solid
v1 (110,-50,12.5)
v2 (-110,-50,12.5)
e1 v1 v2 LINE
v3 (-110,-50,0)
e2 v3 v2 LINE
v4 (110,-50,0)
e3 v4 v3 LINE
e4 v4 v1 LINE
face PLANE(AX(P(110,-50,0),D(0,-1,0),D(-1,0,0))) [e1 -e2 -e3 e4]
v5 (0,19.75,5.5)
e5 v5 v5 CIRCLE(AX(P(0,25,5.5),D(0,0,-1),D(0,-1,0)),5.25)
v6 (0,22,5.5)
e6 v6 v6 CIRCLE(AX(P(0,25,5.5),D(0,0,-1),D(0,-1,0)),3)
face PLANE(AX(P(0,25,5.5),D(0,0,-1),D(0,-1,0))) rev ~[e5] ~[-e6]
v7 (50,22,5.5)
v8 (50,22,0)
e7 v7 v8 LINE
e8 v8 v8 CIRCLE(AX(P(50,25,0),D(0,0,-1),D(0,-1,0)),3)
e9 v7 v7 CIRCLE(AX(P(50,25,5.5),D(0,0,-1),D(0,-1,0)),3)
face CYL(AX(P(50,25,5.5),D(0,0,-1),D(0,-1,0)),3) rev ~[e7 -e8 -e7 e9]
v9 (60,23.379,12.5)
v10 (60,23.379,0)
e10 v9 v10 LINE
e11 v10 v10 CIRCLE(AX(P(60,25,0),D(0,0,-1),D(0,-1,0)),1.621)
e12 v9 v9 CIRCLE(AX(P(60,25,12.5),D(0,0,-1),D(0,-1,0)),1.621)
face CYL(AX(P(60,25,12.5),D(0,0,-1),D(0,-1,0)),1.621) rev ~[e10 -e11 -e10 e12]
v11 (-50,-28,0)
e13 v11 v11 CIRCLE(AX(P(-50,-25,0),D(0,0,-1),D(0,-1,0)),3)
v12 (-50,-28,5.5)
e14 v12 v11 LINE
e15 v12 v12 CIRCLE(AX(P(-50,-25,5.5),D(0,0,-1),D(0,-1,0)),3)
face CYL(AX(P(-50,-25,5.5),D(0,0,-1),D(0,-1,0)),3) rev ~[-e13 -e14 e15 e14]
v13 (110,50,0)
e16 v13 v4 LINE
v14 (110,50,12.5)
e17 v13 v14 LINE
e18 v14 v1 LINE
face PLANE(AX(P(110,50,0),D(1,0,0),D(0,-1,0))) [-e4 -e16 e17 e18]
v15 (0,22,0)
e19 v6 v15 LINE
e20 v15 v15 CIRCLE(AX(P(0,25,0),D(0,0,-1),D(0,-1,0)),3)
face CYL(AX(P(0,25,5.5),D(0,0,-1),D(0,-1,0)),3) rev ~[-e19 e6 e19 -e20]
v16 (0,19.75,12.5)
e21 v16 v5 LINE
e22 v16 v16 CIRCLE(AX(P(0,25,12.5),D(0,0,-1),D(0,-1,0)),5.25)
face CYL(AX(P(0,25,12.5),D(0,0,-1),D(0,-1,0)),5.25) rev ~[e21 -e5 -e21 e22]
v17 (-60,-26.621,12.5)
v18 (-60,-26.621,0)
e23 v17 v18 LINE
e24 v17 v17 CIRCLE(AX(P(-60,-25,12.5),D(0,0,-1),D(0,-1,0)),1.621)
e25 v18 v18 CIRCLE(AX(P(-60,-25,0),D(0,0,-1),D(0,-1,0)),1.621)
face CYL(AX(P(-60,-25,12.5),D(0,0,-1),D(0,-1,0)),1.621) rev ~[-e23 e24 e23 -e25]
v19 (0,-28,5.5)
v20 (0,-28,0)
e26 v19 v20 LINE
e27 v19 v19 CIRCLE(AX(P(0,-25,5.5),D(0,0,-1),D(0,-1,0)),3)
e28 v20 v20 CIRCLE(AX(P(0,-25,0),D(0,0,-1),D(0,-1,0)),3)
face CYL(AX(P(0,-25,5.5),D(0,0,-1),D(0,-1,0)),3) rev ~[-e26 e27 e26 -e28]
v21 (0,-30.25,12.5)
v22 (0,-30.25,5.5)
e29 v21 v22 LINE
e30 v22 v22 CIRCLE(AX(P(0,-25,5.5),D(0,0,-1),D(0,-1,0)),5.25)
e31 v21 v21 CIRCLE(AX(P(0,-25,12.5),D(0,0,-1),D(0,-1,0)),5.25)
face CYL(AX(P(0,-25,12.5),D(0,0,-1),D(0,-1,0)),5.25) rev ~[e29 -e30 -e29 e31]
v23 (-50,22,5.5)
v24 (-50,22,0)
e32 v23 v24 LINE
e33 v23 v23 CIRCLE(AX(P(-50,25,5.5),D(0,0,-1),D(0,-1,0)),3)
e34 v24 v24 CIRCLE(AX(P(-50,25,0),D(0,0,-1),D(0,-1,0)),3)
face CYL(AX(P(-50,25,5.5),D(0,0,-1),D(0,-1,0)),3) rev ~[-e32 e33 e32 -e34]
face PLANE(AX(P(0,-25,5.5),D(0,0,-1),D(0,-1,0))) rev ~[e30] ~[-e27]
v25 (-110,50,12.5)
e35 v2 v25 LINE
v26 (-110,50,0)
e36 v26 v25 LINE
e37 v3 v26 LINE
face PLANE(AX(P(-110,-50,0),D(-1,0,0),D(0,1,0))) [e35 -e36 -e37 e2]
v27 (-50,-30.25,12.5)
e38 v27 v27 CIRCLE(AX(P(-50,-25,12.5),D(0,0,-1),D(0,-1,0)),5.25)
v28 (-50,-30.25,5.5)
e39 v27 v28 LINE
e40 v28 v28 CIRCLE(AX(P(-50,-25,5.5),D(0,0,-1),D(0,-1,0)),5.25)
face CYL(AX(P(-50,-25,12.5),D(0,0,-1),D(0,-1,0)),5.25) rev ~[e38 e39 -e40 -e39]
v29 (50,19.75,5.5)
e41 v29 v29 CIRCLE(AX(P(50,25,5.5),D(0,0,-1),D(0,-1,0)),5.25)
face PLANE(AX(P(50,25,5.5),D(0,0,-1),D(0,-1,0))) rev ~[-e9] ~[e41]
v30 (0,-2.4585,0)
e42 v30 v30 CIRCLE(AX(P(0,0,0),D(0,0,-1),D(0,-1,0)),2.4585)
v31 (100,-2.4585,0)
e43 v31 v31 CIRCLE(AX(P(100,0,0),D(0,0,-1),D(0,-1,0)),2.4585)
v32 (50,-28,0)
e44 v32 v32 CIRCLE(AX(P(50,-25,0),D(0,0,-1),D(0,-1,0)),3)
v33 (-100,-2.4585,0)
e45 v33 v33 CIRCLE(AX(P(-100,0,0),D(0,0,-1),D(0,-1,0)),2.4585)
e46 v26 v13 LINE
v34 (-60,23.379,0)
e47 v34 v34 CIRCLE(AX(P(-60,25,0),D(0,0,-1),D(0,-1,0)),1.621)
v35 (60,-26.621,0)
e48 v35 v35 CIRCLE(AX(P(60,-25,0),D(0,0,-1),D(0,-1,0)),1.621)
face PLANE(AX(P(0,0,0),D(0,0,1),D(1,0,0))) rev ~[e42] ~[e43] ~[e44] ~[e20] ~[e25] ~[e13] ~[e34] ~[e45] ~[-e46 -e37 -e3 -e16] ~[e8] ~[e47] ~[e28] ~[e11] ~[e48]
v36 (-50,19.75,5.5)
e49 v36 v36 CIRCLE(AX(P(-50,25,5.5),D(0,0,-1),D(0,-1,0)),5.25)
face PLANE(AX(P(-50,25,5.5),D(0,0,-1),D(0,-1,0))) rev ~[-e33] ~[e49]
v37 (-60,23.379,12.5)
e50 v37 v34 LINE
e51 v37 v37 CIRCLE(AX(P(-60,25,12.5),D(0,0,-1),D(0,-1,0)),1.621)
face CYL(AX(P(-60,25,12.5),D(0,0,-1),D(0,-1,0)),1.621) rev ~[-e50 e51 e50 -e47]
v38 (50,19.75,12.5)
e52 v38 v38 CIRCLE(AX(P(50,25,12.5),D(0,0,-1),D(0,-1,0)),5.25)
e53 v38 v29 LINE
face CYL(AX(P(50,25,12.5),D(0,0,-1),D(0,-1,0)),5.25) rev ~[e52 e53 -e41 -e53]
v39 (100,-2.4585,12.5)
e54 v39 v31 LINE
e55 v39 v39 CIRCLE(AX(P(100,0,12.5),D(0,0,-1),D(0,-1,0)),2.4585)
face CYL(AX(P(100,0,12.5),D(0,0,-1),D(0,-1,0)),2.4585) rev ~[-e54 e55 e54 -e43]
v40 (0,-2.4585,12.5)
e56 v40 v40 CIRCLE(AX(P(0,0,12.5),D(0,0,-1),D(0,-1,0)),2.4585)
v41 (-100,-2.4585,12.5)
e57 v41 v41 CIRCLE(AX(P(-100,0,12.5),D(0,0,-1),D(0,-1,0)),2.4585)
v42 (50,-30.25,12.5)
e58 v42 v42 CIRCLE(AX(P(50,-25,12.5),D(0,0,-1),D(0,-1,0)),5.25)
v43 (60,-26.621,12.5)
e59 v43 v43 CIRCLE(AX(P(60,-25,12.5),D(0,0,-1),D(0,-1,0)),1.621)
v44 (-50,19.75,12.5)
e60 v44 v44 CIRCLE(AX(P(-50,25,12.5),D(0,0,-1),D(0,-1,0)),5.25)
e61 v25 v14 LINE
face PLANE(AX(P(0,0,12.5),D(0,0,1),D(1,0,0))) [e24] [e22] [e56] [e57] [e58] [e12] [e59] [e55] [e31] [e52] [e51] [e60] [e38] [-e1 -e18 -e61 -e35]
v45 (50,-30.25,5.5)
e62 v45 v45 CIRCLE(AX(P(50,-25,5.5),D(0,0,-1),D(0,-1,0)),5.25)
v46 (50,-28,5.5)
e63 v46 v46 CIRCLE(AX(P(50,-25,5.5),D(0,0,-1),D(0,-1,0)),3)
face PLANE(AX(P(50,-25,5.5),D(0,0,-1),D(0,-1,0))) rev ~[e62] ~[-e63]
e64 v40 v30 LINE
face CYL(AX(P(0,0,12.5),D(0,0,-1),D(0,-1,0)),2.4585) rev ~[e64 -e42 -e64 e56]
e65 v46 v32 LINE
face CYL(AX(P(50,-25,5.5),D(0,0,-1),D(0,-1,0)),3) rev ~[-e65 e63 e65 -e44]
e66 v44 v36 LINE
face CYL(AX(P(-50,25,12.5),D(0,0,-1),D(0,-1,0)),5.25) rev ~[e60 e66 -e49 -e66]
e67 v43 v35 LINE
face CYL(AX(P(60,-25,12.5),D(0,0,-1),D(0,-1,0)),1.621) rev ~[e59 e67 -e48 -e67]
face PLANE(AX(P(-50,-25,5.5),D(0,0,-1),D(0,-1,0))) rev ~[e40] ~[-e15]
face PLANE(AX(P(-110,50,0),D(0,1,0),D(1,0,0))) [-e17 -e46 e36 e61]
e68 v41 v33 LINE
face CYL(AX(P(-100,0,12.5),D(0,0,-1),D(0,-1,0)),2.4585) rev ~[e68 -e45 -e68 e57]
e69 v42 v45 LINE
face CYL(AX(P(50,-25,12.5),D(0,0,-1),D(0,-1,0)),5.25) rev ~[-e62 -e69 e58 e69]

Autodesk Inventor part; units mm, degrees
ref_plane "YZ Plane" through (0, 0, 0) normal (1, 0, 0) x (0, 1, 0)
ref_plane "XZ Plane" through (0, 0, 0) normal (0, 1, 0) x (-1, 0, 0)
ref_plane "XY Plane" through (0, 0, 0) normal (0, 0, 1) x (1, 0, 0)
sketch "Sketch1" plane through (0, 0, 0) normal (0, 0, 1) x (1, 0, 0)
  line L0 (0, 70) -> (0, -70) construction
  line L1 (-154, 0) -> (154, 0) construction
  line L2 (-110, 50) -> (110, 50)
  line L3 (110, 50) -> (110, -50)
  line L4 (110, -50) -> (-110, -50)
  line L5 (-110, -50) -> (-110, 50)
  point P0 (0, 0)
  dimension "d0" = 100
  dimension "d1" = 220
  dimension "d2" = 110
extrude "Extrusion1" add sketch "Sketch1" along normal blind 12.5
sketch "Sketch2" plane through (0, 0, 12.5) normal (0, 0, 1) x (1, 0, 0)
  line L0 (110, 50) -> (-110, 50) construction
  line L1 (-110, 50) -> (-110, -50) construction
  line L2 (-110, -50) -> (110, -50) construction
  line L3 (110, -50) -> (110, 50) construction
  line L4 (-60, 25) -> (60, 25) construction
  line L5 (60, 25) -> (60, -25) construction
  line L6 (60, -25) -> (-60, -25) construction
  line L7 (-60, -25) -> (-60, 25) construction
  line L8 (0, 70) -> (0, -70) construction
  line L9 (-154, 0) -> (154, 0) construction
  point P0 (0, 0)
  dimension "d5" = 50
  dimension "d6" = 120
hole "Hole1" at (-60, 25, 12.5) at (-60, -25, 12.5) at (60, -25, 12.5) at (60, 25, 12.5) direction (0, 0, -1) diameter 3.242 end through all thread size "M4x0.7" class "6H" standard "ANSI Metric M Profile"
sketch "Sketch3" plane through (0, 0, 12.5) normal (0, 0, 1) x (1, 0, 0)
  circle A0 centre (60, -25) radius 1.621 construction
  circle A1 centre (-60, 25) radius 1.621 construction
  circle A2 centre (-60, -25) radius 1.621 construction
  circle A3 centre (60, 25) radius 1.621 construction
  line L0 (110, 50) -> (-110, 50) construction
  line L1 (-110, 50) -> (-110, -50) construction
  line L2 (-110, -50) -> (110, -50) construction
  line L3 (110, -50) -> (110, 50) construction
  line L4 (0, 70) -> (0, -70) construction
  line L5 (-154, 0) -> (154, 0) construction
  point P0 (0, 0)
  point P1 (-100, 0)
  point P2 (100, 0)
  dimension "d14" = 100
  dimension "d39" = 100
hole "Hole2" at (-100, 0, 12.5) at (100, 0, 12.5) at (0, 0, 12.5) direction (0, 0, -1) diameter 4.917 end through all thread size "M6x1" class "6H" standard "ANSI Metric M Profile"
sketch "Sketch4" plane through (0, 0, 12.5) normal (0, 0, 1) x (1, 0, 0)
  circle A0 centre (-100, 0) radius 2.4585 construction
  circle A1 centre (60, -25) radius 1.621 construction
  circle A2 centre (-60, 25) radius 1.621 construction
  circle A3 centre (-60, -25) radius 1.621 construction
  circle A4 centre (60, 25) radius 1.621 construction
  line L0 (110, 50) -> (-110, 50) construction
  line L1 (-110, 50) -> (-110, -50) construction
  line L2 (-110, -50) -> (110, -50) construction
  line L3 (110, -50) -> (110, 50) construction
  line L4 (0, 70) -> (0, -70) construction
  line L5 (-154, 0) -> (154, 0) construction
  point P0 (0, 0)
  point P1 (-50, 25)
  point P2 (0, 25)
  point P3 (50, 25)
  point P4 (-50, -25)
  point P5 (0, -25)
  point P6 (50, -25)
  dimension "d22" = 50
  dimension "d23" = 25
  dimension "d26" = 50
  dimension "d29" = 50
hole "Hole3" at (-50, 25, 12.5) at (0, 25, 12.5) at (50, 25, 12.5) at (-50, -25, 12.5) at (0, -25, 12.5) at (50, -25, 12.5) direction (0, 0, -1) diameter 6 end through all counterbore diameter 10.5 counterbore depth 7
properties part number "X95carrier-to-M605-adapter-V1"
